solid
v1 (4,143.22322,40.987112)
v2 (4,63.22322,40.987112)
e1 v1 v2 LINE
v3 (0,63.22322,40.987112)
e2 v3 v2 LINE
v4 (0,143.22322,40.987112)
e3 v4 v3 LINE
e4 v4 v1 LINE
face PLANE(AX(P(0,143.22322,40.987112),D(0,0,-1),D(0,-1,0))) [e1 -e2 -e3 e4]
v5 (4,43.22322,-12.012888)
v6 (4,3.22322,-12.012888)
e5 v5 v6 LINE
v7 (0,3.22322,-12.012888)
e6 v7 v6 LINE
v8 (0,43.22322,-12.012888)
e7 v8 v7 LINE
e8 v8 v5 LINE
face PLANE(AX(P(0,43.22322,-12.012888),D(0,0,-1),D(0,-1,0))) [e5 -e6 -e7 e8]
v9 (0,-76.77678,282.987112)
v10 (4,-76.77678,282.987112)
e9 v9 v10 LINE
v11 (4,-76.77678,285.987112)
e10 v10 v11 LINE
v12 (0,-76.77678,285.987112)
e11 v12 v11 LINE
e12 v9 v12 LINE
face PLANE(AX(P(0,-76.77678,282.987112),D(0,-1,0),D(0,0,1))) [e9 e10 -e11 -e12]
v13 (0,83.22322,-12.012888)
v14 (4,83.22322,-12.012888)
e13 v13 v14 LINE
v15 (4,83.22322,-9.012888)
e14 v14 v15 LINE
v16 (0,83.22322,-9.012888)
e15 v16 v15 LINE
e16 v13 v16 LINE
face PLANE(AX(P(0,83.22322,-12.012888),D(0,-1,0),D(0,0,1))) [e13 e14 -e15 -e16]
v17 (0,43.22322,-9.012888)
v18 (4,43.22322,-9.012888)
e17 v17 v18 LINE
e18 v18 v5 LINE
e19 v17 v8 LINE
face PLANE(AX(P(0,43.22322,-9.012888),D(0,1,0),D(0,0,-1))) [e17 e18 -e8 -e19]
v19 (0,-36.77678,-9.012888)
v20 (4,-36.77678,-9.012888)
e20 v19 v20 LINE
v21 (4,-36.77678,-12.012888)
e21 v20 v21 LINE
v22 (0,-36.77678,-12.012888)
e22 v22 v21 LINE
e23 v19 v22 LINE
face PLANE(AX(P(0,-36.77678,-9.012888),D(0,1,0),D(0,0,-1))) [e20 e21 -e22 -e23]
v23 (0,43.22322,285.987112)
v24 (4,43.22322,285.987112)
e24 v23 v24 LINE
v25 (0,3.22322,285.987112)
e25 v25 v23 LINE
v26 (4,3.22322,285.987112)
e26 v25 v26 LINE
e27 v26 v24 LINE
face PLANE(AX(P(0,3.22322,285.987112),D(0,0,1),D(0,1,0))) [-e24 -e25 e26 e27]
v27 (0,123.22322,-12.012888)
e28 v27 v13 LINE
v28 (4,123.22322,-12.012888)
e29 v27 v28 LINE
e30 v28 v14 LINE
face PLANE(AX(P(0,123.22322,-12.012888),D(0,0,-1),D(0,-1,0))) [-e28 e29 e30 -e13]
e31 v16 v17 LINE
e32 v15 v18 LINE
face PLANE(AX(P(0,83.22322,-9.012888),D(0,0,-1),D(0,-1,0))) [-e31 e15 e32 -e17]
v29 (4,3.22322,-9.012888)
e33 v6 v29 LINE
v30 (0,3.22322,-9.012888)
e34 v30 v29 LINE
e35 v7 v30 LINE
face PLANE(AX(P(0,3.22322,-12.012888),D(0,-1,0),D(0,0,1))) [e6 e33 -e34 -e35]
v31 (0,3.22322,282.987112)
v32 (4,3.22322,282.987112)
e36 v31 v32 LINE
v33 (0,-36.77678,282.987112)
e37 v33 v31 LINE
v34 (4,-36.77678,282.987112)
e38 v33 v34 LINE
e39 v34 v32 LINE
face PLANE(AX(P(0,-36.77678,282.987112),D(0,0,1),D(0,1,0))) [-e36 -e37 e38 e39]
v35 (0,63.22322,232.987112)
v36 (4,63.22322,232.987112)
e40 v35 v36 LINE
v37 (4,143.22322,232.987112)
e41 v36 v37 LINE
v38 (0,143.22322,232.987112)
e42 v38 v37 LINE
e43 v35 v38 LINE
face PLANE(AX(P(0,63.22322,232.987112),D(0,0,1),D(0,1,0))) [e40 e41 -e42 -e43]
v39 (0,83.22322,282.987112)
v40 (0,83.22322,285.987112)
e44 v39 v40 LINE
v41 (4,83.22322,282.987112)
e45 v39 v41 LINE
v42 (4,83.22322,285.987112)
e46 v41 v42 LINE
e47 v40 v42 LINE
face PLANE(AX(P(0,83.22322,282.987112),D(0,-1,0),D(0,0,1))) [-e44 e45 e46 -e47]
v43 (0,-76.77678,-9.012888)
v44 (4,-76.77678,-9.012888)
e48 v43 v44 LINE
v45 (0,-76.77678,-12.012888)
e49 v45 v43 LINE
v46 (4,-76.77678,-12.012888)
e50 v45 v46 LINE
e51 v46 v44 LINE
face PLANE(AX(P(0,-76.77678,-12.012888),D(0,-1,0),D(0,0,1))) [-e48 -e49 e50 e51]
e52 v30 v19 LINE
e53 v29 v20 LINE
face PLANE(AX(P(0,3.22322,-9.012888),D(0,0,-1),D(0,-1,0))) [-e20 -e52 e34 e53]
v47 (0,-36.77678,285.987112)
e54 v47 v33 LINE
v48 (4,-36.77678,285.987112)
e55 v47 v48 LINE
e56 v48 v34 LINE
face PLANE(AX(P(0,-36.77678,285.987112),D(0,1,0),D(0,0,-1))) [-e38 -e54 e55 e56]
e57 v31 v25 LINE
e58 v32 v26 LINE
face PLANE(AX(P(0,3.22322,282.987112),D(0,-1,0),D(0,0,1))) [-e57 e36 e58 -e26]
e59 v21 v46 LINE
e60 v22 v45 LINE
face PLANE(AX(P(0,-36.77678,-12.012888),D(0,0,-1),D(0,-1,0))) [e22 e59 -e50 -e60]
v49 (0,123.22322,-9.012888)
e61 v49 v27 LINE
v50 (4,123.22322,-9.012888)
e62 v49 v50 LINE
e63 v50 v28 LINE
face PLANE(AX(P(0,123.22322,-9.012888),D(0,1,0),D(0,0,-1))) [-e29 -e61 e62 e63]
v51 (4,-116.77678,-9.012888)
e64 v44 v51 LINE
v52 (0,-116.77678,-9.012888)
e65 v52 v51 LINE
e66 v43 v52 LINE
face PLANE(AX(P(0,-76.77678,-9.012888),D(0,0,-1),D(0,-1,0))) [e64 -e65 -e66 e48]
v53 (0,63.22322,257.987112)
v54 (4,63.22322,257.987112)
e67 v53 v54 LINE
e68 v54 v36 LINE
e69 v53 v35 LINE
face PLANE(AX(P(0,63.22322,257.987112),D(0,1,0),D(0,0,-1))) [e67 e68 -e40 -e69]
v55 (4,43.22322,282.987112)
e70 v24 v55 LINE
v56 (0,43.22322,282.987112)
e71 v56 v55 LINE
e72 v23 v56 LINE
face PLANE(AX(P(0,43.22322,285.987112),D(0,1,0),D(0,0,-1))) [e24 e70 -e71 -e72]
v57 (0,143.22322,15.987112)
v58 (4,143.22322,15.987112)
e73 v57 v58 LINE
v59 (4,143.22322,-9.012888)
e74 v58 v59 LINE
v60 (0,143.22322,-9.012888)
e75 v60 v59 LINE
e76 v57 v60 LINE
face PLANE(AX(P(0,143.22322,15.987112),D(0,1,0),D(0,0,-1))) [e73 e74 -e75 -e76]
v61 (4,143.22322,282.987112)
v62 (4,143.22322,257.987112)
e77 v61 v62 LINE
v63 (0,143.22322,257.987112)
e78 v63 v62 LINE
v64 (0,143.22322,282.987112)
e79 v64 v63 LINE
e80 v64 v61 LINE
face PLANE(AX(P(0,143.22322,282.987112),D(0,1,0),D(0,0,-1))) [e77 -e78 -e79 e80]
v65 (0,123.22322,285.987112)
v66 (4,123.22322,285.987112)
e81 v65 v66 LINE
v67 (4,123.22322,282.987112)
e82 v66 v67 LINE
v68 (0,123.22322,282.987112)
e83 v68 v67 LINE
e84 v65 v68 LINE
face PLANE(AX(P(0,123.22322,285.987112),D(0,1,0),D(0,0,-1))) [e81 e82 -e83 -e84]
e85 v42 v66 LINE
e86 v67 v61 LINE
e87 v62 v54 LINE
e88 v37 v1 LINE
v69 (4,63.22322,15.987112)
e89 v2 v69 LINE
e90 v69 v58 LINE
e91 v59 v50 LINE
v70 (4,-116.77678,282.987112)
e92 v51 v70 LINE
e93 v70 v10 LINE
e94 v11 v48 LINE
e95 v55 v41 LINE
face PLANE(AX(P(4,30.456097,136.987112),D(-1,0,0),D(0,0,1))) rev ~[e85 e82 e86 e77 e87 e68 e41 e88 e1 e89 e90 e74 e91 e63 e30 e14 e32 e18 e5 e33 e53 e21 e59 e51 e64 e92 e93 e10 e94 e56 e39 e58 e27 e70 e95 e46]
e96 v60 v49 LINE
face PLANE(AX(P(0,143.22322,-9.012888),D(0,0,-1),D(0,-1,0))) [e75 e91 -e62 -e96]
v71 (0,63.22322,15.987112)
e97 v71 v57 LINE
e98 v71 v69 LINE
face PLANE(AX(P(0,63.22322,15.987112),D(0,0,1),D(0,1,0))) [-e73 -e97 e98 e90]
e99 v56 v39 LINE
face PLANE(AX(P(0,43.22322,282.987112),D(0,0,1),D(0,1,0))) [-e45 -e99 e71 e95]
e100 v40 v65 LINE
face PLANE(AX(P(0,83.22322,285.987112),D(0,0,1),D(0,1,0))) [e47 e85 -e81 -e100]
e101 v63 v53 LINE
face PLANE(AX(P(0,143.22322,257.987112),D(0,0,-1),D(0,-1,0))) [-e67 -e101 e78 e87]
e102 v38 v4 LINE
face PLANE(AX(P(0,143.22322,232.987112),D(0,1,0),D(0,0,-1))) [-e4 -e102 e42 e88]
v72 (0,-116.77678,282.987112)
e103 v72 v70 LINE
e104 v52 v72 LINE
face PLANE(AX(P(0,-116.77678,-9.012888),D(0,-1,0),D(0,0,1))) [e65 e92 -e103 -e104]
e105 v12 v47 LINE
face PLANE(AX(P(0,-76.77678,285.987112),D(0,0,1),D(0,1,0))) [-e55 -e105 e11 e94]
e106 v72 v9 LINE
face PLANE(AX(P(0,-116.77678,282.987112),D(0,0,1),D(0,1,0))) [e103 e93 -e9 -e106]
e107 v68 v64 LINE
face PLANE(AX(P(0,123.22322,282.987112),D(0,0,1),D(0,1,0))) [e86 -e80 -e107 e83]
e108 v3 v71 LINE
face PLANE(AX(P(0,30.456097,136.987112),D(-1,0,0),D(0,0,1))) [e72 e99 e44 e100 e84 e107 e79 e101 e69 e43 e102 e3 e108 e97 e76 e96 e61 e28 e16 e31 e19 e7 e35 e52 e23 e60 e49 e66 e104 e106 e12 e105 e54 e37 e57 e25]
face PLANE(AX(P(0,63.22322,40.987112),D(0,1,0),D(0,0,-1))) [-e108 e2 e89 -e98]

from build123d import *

# Parameters (mm, degrees)
BOSS_EXTRUDE1_DEPTH = 4


with BuildPart() as part:
    # Sketch1 → Boss-Extrude1 (new body)
    with BuildSketch(Plane(origin=(0, 0, 0), x_dir=(0, 0, -1), z_dir=(1, 0, 0))):
        Polygon((-282.987112399, 143.223220035), (-257.987112399, 143.223220035), (-257.987112399, 63.223220035), (-232.987112399, 63.223220035), (-232.987112399, 143.223220035), (-40.987112399, 143.223220035), (-40.987112399, 63.223220035), (-15.987112399, 63.223220035), (-15.987112399, 143.223220035), (9.012887601, 143.223220035), (9.012887601, 123.223220035), (12.012887601, 123.223220035), (12.012887601, 83.223220035), (9.012887601, 83.223220035), (9.012887601, 43.223220035), (12.012887601, 43.223220035), (12.012887601, 3.223220035), (9.012887601, 3.223220035), (9.012887601, -36.776779965), (12.012887601, -36.776779965), (12.012887601, -76.776779965), (9.012887601, -76.776779965), (9.012887601, -116.776779965), (-282.987112399, -116.776779965), (-282.987112399, -76.776779965), (-285.987112399, -76.776779965), (-285.987112399, -36.776779965), (-282.987112399, -36.776779965), (-282.987112399, 3.223220035), (-285.987112399, 3.223220035), (-285.987112399, 43.223220035), (-282.987112399, 43.223220035), (-282.987112399, 83.223220035), (-285.987112399, 83.223220035), (-285.987112399, 123.223220035), (-282.987112399, 123.223220035), align=None)
    extrude(amount=BOSS_EXTRUDE1_DEPTH)


solid = part.part
